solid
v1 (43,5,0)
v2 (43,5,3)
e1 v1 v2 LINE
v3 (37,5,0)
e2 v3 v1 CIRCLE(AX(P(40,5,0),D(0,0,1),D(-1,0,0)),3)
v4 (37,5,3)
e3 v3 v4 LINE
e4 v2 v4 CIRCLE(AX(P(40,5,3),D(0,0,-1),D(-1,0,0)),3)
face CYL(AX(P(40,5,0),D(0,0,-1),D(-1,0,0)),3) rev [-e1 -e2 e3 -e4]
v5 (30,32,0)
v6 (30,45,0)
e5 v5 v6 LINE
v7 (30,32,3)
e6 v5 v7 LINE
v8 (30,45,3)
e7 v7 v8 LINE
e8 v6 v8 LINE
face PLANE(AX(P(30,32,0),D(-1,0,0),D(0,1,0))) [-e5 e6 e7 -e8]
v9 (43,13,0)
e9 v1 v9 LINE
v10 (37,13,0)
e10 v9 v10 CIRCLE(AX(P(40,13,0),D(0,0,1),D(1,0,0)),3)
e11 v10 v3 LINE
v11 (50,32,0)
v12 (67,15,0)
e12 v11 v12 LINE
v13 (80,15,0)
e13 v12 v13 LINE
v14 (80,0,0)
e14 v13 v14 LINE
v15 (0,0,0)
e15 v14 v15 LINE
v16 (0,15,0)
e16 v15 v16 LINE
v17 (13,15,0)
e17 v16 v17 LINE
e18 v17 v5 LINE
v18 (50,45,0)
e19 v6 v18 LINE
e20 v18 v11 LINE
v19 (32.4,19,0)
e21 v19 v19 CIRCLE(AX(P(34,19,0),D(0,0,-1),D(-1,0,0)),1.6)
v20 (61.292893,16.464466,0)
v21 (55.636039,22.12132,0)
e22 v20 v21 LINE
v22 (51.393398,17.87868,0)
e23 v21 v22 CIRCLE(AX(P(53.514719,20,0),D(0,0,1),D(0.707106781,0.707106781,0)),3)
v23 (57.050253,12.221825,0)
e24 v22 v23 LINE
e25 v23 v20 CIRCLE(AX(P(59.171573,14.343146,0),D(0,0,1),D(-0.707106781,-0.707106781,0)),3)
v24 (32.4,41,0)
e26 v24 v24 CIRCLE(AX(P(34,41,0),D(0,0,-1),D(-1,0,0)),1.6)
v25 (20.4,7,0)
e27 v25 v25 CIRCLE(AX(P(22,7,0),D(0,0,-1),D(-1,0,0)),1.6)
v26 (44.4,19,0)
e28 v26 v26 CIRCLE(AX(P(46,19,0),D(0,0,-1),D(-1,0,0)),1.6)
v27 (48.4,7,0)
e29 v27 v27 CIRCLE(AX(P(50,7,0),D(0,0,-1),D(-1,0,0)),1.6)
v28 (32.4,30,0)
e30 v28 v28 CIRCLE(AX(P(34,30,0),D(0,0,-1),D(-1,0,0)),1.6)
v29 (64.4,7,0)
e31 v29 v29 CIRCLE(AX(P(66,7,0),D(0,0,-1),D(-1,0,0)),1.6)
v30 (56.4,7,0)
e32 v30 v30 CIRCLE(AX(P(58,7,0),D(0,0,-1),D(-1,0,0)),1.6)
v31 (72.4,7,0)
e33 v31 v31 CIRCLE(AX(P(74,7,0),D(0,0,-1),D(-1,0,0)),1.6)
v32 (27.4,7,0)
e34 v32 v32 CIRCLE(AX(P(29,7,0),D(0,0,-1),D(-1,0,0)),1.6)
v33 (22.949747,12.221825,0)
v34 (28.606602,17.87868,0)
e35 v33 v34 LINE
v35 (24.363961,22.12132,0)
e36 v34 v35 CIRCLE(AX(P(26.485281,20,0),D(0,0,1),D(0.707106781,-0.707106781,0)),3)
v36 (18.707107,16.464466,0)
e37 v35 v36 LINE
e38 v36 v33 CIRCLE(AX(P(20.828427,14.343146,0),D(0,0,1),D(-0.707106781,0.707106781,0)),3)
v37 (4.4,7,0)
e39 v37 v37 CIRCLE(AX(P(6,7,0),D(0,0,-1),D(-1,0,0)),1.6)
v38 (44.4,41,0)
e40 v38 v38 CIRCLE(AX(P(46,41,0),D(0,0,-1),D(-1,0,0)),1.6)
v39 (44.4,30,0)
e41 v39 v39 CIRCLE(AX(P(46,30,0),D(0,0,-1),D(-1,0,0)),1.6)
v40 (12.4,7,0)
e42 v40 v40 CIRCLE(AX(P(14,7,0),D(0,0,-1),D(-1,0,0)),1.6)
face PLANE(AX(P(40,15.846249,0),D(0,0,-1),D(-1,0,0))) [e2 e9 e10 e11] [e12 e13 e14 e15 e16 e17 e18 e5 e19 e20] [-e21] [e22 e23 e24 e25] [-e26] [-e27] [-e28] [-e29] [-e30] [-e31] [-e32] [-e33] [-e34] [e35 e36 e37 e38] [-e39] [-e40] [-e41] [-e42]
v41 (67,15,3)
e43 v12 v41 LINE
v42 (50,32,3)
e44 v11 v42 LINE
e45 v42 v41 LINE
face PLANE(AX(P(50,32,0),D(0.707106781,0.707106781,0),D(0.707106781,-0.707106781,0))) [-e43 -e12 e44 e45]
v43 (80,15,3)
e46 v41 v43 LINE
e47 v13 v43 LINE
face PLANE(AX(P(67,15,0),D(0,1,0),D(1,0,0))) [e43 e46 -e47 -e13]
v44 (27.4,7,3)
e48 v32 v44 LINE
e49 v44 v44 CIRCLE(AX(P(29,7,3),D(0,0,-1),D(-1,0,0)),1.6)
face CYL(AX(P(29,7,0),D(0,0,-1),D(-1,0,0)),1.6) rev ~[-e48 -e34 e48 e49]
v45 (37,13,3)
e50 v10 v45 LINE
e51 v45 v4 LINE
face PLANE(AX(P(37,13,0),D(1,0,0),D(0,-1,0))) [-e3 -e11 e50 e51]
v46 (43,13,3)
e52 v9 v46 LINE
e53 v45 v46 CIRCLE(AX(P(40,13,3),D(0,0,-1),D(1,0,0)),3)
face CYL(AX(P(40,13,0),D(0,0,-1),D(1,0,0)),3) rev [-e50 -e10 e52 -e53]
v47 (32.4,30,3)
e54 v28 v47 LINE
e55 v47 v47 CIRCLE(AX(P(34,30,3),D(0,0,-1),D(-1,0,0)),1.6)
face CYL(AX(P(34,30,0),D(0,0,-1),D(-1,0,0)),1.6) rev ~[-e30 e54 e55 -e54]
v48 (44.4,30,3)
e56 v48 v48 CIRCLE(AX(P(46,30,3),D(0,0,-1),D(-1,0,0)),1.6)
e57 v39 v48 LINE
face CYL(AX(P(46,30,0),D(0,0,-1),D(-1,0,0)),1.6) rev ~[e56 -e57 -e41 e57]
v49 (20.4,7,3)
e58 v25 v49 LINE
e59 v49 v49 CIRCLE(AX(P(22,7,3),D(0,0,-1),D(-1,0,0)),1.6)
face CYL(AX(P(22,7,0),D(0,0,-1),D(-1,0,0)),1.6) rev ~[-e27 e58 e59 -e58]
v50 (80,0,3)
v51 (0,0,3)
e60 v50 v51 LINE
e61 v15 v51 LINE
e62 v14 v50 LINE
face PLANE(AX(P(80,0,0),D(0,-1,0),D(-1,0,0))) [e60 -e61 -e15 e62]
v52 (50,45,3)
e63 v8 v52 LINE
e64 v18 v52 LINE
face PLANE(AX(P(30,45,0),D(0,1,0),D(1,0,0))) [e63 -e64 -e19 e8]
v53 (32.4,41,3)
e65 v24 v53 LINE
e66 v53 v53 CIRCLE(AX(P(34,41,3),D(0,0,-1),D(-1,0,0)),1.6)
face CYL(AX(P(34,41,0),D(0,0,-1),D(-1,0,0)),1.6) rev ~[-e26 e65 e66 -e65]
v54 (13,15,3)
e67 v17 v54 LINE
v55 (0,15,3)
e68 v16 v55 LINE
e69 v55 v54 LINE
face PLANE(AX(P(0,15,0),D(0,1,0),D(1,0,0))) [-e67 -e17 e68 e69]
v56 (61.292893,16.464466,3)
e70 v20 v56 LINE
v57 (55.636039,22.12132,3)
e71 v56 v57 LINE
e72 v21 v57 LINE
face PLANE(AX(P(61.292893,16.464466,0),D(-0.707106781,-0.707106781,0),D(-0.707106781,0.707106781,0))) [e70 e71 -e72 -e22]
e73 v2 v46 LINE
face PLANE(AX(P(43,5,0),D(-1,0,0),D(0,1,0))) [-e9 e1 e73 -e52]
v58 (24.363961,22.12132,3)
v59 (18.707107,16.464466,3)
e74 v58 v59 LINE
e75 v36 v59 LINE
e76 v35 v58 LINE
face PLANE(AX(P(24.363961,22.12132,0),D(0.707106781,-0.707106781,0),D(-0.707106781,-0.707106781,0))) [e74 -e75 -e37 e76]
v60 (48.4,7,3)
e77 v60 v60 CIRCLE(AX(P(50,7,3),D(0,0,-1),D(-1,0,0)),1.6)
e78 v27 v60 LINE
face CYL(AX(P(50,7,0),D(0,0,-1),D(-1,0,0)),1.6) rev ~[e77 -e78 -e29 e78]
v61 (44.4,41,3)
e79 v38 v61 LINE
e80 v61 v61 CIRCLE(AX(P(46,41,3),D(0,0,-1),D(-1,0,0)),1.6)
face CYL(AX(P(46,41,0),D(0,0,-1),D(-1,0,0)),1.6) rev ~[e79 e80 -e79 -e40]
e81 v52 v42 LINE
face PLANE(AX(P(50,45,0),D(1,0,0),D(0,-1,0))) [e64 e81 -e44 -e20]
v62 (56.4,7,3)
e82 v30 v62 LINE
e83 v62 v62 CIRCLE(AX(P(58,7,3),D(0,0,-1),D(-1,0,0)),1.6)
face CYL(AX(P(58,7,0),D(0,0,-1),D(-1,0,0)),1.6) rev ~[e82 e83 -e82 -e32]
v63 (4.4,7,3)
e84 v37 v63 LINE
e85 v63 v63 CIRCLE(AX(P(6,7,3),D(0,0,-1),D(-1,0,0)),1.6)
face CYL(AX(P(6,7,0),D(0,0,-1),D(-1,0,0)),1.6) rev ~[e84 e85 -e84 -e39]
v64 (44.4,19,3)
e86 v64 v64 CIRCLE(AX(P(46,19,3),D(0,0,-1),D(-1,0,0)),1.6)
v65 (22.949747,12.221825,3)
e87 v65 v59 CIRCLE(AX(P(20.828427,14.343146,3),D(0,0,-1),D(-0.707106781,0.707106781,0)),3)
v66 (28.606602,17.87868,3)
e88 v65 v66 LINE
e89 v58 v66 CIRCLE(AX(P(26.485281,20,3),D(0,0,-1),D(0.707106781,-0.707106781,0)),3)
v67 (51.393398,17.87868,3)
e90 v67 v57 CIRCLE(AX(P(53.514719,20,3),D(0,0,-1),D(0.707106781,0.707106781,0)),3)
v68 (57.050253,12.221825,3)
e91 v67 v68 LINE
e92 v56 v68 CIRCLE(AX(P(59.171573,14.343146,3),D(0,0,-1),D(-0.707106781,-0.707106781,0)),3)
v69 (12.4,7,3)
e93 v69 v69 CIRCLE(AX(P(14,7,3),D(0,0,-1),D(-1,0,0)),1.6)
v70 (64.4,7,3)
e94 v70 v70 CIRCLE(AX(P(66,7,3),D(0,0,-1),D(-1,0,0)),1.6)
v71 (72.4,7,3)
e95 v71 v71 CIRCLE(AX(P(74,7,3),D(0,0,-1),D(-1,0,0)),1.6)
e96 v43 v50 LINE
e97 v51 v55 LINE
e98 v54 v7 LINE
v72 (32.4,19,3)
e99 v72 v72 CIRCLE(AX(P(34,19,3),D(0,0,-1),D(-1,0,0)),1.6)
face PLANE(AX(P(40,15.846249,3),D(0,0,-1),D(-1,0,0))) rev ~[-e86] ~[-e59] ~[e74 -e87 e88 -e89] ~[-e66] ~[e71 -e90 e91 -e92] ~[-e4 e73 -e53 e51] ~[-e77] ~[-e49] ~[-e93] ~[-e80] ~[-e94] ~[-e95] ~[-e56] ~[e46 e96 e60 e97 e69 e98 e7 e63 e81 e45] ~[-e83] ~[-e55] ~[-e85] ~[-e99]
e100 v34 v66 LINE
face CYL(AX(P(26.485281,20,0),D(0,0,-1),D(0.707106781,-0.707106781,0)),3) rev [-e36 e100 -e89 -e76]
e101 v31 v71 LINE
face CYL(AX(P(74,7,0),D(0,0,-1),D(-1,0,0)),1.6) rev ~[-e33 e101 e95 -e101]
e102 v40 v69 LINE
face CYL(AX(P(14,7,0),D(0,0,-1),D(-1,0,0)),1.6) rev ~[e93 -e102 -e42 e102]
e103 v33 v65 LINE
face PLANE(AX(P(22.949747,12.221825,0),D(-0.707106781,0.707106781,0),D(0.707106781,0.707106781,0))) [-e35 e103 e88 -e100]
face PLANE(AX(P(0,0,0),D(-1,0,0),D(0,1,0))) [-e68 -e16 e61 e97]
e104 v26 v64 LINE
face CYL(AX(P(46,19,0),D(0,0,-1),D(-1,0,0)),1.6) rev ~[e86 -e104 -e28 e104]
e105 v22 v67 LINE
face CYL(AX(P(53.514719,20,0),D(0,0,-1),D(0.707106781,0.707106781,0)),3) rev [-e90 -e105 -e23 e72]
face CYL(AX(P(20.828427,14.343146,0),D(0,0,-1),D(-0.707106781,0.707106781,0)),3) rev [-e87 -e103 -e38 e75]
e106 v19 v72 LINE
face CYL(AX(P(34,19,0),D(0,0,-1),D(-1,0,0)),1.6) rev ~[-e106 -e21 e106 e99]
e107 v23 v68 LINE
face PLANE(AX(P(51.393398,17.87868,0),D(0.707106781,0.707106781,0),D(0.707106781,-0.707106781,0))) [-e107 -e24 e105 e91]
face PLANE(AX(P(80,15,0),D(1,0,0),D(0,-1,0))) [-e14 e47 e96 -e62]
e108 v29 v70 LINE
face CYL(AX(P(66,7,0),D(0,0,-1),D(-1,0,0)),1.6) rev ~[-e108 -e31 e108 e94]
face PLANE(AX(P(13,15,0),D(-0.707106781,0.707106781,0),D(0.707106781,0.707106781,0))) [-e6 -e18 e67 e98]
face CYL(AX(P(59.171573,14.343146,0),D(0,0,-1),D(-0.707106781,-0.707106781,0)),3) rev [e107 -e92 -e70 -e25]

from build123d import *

# Parameters (mm, degrees)
EXTRUDE_1_DEPTH     = 3
SKETCH_3_R          = 1.6
CUT_EXTRUDE_1_DEPTH = 92.836811791


with BuildPart() as part:
    # 草图1 → 凸台-拉伸1 (new body)
    with BuildSketch(Plane.XY):
        Polygon((0, 0), (0, 15), (13, 15), (30, 32), (30, 45), (50, 45), (50, 32), (67, 15), (80, 15), (80, 0), align=None)
    extrude(amount=EXTRUDE_1_DEPTH)

    # 草图3 → 切除-拉伸1 (cut, through all)
    with BuildSketch(Plane(origin=(0, 0, 0), x_dir=(-1, 0, 0), z_dir=(0, 0, -1))):
        with Locations((-46, 41)):
            Circle(SKETCH_3_R)
        with Locations((-34, 41)):
            Circle(SKETCH_3_R)
        with Locations((-46, 19)):
            Circle(SKETCH_3_R)
        with Locations((-34, 19)):
            Circle(SKETCH_3_R)
        with Locations((-34, 30)):
            Circle(SKETCH_3_R)
        with Locations((-46, 30)):
            Circle(SKETCH_3_R)
        with Locations((-74, 7)):
            Circle(SKETCH_3_R)
        with Locations((-66, 7)):
            Circle(SKETCH_3_R)
        with Locations((-58, 7)):
            Circle(SKETCH_3_R)
        with Locations((-50, 7)):
            Circle(SKETCH_3_R)
        with Locations((-6, 7)):
            Circle(SKETCH_3_R)
        with Locations((-14, 7)):
            Circle(SKETCH_3_R)
        with Locations((-22, 7)):
            Circle(SKETCH_3_R)
        with Locations((-29, 7)):
            Circle(SKETCH_3_R)
        with BuildLine():
            Line((-61.292893219, 16.464466094), (-55.636038969, 22.121320344))
            ThreePointArc((-55.636038969, 22.121320344), (-51.393398282, 22.121320344), (-51.393398282, 17.878679656))
            Line((-51.393398282, 17.878679656), (-57.050252532, 12.221825407))
            ThreePointArc((-57.050252532, 12.221825407), (-61.292893219, 12.221825407), (-61.292893219, 16.464466094))
        make_face()
        with BuildLine():
            Line((-22.949747468, 12.221825407), (-28.606601718, 17.878679656))
            ThreePointArc((-28.606601718, 17.878679656), (-28.606601718, 22.121320344), (-24.363961031, 22.121320344))
            Line((-24.363961031, 22.121320344), (-18.707106781, 16.464466094))
            ThreePointArc((-18.707106781, 16.464466094), (-18.707106781, 12.221825407), (-22.949747468, 12.221825407))
        make_face()
        with BuildLine():
            Line((-43, 5), (-43, 13))
            ThreePointArc((-43, 13), (-40, 16), (-37, 13))
            Line((-37, 13), (-37, 5))
            ThreePointArc((-37, 5), (-40, 2), (-43, 5))
        make_face()
    extrude(amount=-CUT_EXTRUDE_1_DEPTH, mode=Mode.SUBTRACT)


solid = part.part
